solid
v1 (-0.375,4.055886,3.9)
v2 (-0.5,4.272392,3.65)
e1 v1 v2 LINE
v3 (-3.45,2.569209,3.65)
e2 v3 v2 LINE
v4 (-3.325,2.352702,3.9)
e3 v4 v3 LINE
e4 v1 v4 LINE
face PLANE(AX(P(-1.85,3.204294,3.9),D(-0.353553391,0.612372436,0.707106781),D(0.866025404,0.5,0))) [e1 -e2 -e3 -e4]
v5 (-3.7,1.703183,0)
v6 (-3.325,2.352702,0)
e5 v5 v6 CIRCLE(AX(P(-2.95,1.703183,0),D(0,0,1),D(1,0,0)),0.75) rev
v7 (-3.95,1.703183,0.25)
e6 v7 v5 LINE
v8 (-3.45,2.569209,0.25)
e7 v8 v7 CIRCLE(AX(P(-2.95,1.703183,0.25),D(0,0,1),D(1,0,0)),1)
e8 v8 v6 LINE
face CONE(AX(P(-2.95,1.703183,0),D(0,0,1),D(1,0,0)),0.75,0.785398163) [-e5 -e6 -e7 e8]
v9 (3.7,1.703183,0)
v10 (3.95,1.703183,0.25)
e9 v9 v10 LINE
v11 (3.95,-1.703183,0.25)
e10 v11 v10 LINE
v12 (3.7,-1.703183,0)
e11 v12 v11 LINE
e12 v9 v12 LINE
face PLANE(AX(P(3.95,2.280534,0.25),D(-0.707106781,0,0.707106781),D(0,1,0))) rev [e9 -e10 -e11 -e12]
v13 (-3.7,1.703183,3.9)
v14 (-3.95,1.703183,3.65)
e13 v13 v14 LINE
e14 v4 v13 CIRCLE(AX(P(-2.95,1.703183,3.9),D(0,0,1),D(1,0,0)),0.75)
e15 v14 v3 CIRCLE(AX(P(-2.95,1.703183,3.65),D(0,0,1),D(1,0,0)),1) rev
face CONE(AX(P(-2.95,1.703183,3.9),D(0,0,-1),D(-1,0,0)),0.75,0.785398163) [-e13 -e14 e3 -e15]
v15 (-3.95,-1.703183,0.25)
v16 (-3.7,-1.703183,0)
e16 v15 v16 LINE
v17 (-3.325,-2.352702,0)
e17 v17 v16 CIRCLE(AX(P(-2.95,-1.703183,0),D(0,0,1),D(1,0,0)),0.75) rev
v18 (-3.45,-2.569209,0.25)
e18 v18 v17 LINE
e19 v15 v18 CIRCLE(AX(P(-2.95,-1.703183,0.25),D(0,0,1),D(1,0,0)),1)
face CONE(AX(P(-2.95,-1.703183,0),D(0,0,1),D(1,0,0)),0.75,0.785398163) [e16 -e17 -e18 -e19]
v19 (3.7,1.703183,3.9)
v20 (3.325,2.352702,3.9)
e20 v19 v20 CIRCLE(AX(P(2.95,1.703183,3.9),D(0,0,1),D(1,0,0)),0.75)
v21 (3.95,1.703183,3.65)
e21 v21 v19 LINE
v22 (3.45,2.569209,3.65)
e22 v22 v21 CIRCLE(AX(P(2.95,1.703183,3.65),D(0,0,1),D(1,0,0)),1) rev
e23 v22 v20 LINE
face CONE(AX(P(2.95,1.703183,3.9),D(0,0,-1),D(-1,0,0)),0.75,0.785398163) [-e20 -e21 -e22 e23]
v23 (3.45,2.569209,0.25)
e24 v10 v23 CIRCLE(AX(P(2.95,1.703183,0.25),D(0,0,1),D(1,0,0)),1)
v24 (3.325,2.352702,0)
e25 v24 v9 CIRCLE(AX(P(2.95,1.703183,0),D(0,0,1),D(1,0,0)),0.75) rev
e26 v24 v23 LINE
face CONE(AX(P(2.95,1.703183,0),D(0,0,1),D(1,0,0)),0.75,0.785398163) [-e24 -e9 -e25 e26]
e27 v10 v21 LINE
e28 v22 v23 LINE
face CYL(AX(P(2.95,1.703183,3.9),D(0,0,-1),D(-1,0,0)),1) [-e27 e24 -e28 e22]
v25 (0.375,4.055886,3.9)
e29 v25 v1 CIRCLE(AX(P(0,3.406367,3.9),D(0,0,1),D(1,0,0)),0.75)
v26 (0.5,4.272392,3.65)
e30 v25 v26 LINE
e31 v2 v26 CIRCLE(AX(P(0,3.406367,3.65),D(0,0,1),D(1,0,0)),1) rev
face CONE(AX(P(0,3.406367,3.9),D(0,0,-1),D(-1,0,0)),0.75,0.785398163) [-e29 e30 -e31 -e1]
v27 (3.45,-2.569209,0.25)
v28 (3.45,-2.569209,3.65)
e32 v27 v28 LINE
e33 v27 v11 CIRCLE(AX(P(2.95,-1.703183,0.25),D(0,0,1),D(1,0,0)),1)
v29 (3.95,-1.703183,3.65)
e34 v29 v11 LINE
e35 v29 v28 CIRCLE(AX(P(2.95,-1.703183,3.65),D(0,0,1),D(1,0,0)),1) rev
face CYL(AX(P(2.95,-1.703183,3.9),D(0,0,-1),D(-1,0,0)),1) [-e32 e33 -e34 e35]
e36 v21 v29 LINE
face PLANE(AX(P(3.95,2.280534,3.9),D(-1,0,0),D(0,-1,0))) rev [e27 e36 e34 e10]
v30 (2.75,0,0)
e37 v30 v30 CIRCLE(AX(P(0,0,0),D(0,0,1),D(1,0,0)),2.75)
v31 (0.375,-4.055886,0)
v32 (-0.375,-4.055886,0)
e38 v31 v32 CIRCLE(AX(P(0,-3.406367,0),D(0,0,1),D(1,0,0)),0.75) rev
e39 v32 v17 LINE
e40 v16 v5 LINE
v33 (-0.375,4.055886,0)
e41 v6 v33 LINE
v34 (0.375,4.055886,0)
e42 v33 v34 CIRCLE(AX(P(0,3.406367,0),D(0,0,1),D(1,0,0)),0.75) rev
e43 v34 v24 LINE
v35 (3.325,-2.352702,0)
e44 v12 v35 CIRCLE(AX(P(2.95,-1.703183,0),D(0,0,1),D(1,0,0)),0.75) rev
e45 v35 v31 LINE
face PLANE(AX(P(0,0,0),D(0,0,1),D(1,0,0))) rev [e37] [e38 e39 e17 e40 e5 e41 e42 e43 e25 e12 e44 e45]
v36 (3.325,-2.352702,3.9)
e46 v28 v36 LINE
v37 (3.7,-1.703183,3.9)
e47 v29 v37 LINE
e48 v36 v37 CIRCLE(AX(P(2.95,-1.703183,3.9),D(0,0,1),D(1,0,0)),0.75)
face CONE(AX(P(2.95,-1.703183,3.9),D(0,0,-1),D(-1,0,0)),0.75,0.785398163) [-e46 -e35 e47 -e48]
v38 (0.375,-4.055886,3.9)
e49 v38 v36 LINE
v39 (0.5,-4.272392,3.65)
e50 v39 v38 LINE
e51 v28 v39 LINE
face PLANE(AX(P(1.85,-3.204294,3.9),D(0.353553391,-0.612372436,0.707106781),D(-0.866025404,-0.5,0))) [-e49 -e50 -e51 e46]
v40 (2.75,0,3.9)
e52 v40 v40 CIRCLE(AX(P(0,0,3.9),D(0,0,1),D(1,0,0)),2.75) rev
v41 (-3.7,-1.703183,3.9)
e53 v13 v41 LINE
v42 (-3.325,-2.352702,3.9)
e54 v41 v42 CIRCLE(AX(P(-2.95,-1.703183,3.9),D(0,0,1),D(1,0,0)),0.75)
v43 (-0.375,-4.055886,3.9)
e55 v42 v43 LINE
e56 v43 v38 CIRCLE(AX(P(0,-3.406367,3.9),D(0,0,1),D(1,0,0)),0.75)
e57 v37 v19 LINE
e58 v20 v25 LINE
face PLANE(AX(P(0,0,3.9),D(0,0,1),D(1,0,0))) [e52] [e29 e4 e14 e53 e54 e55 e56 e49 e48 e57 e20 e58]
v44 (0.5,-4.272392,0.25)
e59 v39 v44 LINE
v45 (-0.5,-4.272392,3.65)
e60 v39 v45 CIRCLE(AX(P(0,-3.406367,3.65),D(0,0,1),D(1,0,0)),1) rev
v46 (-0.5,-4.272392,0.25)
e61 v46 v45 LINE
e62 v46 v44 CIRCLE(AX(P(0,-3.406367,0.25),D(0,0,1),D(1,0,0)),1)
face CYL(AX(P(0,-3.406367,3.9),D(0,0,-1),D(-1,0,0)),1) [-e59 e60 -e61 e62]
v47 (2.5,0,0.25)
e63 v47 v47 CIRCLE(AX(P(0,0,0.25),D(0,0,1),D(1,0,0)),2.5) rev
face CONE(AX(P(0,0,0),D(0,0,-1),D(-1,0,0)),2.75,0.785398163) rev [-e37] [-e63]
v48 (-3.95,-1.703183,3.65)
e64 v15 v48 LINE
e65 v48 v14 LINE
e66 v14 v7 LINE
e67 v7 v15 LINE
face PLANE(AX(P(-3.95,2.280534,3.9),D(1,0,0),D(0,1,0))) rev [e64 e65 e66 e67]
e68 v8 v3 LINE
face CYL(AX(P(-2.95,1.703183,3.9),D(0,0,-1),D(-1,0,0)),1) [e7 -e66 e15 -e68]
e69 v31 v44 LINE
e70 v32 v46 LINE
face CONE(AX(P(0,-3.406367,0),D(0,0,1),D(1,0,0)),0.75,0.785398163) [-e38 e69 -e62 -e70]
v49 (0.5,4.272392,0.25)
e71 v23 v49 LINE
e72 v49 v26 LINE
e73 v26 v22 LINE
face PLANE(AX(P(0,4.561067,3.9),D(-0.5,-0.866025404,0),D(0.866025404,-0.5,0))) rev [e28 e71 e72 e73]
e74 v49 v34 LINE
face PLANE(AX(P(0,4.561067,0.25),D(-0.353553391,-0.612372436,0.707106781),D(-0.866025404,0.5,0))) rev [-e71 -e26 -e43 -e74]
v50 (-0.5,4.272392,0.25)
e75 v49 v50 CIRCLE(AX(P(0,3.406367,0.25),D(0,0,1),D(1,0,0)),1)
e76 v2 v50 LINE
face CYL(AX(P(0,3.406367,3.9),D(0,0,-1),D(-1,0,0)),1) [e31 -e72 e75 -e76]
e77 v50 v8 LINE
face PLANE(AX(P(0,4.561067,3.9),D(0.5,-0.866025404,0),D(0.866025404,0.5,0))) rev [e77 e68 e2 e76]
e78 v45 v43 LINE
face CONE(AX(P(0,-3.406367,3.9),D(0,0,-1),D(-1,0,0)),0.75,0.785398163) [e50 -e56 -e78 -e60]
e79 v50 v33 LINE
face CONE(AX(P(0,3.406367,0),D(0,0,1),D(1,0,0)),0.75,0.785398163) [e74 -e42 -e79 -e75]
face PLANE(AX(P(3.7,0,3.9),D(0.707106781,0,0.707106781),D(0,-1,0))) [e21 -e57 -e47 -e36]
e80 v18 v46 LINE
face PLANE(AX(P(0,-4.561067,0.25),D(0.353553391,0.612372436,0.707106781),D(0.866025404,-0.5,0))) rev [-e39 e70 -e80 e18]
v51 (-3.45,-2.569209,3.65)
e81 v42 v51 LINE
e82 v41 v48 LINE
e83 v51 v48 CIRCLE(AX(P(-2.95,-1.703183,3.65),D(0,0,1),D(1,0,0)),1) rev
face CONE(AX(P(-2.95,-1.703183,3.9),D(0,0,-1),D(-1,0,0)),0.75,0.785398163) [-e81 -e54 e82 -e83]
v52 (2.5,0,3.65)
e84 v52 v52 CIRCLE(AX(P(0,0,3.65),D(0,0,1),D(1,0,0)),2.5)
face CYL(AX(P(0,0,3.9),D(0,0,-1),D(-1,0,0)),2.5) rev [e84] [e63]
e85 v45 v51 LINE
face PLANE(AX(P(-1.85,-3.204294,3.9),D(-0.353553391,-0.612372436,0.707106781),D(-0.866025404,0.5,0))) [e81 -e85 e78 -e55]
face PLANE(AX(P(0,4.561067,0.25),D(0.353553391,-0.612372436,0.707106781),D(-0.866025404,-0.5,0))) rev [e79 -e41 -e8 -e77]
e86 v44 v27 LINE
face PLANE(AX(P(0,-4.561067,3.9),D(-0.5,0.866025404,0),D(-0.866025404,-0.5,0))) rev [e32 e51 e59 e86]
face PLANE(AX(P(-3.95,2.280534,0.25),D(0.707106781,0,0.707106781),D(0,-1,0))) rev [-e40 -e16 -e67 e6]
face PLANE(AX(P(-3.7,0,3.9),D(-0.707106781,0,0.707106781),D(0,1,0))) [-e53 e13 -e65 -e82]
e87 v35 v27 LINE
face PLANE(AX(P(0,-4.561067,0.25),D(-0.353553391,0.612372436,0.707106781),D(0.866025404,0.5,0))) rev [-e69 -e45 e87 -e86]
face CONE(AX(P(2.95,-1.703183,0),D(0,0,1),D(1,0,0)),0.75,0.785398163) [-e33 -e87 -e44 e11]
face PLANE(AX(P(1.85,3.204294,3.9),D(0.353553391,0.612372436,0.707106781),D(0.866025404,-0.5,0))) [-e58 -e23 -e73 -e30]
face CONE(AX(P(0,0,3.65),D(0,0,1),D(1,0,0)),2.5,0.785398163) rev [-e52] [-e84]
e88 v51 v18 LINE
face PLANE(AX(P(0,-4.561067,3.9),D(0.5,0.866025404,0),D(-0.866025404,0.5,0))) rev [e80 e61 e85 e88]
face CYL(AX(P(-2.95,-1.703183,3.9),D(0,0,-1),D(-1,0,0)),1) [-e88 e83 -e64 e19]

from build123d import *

# Parameters (mm, degrees)
SKIZZE1_R                       = 2.5
AUFSATZ_LINEAR_AUSTRAGEN1_DEPTH = 3.9
VERRUNDUNG1_R                   = 1
FASE1_SIZE                      = 0.25


with BuildPart() as part:
    # Skizze1 → Aufsatz-Linear austragen1 (new body)
    with BuildSketch(Plane.XY):
        Polygon((0, 4.561067127), (3.95, 2.280533563), (3.95, -2.280533563), (0, -4.561067127), (-3.95, -2.280533563), (-3.95, 2.280533563), align=None)
        Circle(SKIZZE1_R, mode=Mode.SUBTRACT)
    extrude(amount=AUFSATZ_LINEAR_AUSTRAGEN1_DEPTH)

    # Verrundung1
    verrundung1_edges = [part.edges().sort_by_distance(p)[0] for p in [
        (0, 4.561067127, 1.95),
        (3.95, 2.280533563, 1.95),
        (3.95, -2.280533563, 1.95),
        (0, -4.561067127, 1.95),
        (-3.95, -2.280533563, 1.95),
        (-3.95, 2.280533563, 1.95),
    ]]
    fillet(verrundung1_edges, radius=VERRUNDUNG1_R)

    # Fase1
    fase1_edges = [part.edges().sort_by_distance(p)[0] for p in [
        (-2.5, 0, 0),
        (-2.5, 0, 3.9),
        (1.975, 3.420800345, 0),
        (1.975, 3.420800345, 3.9),
        (-1.975, 3.420800345, 0),
        (3.95, 0, 0),
        (1.975, -3.420800345, 0),
        (-1.975, -3.420800345, 0),
        (-3.95, 0, 0),
        (0, 4.406366588, 0),
        (-3.816025404, 2.203183294, 0),
        (-3.816025404, -2.203183294, 0),
        (0, -4.406366588, 0),
        (3.816025404, -2.203183294, 0),
        (3.816025404, 2.203183294, 0),
        (3.95, 0, 3.9),
        (-1.975, 3.420800345, 3.9),
        (-3.95, 0, 3.9),
        (-1.975, -3.420800345, 3.9),
        (1.975, -3.420800345, 3.9),
        (0, 4.406366588, 3.9),
        (-3.816025404, 2.203183294, 3.9),
        (-3.816025404, -2.203183294, 3.9),
        (0, -4.406366588, 3.9),
        (3.816025404, -2.203183294, 3.9),
        (3.816025404, 2.203183294, 3.9),
    ]]
    chamfer(fase1_edges, length=FASE1_SIZE)


solid = part.part
